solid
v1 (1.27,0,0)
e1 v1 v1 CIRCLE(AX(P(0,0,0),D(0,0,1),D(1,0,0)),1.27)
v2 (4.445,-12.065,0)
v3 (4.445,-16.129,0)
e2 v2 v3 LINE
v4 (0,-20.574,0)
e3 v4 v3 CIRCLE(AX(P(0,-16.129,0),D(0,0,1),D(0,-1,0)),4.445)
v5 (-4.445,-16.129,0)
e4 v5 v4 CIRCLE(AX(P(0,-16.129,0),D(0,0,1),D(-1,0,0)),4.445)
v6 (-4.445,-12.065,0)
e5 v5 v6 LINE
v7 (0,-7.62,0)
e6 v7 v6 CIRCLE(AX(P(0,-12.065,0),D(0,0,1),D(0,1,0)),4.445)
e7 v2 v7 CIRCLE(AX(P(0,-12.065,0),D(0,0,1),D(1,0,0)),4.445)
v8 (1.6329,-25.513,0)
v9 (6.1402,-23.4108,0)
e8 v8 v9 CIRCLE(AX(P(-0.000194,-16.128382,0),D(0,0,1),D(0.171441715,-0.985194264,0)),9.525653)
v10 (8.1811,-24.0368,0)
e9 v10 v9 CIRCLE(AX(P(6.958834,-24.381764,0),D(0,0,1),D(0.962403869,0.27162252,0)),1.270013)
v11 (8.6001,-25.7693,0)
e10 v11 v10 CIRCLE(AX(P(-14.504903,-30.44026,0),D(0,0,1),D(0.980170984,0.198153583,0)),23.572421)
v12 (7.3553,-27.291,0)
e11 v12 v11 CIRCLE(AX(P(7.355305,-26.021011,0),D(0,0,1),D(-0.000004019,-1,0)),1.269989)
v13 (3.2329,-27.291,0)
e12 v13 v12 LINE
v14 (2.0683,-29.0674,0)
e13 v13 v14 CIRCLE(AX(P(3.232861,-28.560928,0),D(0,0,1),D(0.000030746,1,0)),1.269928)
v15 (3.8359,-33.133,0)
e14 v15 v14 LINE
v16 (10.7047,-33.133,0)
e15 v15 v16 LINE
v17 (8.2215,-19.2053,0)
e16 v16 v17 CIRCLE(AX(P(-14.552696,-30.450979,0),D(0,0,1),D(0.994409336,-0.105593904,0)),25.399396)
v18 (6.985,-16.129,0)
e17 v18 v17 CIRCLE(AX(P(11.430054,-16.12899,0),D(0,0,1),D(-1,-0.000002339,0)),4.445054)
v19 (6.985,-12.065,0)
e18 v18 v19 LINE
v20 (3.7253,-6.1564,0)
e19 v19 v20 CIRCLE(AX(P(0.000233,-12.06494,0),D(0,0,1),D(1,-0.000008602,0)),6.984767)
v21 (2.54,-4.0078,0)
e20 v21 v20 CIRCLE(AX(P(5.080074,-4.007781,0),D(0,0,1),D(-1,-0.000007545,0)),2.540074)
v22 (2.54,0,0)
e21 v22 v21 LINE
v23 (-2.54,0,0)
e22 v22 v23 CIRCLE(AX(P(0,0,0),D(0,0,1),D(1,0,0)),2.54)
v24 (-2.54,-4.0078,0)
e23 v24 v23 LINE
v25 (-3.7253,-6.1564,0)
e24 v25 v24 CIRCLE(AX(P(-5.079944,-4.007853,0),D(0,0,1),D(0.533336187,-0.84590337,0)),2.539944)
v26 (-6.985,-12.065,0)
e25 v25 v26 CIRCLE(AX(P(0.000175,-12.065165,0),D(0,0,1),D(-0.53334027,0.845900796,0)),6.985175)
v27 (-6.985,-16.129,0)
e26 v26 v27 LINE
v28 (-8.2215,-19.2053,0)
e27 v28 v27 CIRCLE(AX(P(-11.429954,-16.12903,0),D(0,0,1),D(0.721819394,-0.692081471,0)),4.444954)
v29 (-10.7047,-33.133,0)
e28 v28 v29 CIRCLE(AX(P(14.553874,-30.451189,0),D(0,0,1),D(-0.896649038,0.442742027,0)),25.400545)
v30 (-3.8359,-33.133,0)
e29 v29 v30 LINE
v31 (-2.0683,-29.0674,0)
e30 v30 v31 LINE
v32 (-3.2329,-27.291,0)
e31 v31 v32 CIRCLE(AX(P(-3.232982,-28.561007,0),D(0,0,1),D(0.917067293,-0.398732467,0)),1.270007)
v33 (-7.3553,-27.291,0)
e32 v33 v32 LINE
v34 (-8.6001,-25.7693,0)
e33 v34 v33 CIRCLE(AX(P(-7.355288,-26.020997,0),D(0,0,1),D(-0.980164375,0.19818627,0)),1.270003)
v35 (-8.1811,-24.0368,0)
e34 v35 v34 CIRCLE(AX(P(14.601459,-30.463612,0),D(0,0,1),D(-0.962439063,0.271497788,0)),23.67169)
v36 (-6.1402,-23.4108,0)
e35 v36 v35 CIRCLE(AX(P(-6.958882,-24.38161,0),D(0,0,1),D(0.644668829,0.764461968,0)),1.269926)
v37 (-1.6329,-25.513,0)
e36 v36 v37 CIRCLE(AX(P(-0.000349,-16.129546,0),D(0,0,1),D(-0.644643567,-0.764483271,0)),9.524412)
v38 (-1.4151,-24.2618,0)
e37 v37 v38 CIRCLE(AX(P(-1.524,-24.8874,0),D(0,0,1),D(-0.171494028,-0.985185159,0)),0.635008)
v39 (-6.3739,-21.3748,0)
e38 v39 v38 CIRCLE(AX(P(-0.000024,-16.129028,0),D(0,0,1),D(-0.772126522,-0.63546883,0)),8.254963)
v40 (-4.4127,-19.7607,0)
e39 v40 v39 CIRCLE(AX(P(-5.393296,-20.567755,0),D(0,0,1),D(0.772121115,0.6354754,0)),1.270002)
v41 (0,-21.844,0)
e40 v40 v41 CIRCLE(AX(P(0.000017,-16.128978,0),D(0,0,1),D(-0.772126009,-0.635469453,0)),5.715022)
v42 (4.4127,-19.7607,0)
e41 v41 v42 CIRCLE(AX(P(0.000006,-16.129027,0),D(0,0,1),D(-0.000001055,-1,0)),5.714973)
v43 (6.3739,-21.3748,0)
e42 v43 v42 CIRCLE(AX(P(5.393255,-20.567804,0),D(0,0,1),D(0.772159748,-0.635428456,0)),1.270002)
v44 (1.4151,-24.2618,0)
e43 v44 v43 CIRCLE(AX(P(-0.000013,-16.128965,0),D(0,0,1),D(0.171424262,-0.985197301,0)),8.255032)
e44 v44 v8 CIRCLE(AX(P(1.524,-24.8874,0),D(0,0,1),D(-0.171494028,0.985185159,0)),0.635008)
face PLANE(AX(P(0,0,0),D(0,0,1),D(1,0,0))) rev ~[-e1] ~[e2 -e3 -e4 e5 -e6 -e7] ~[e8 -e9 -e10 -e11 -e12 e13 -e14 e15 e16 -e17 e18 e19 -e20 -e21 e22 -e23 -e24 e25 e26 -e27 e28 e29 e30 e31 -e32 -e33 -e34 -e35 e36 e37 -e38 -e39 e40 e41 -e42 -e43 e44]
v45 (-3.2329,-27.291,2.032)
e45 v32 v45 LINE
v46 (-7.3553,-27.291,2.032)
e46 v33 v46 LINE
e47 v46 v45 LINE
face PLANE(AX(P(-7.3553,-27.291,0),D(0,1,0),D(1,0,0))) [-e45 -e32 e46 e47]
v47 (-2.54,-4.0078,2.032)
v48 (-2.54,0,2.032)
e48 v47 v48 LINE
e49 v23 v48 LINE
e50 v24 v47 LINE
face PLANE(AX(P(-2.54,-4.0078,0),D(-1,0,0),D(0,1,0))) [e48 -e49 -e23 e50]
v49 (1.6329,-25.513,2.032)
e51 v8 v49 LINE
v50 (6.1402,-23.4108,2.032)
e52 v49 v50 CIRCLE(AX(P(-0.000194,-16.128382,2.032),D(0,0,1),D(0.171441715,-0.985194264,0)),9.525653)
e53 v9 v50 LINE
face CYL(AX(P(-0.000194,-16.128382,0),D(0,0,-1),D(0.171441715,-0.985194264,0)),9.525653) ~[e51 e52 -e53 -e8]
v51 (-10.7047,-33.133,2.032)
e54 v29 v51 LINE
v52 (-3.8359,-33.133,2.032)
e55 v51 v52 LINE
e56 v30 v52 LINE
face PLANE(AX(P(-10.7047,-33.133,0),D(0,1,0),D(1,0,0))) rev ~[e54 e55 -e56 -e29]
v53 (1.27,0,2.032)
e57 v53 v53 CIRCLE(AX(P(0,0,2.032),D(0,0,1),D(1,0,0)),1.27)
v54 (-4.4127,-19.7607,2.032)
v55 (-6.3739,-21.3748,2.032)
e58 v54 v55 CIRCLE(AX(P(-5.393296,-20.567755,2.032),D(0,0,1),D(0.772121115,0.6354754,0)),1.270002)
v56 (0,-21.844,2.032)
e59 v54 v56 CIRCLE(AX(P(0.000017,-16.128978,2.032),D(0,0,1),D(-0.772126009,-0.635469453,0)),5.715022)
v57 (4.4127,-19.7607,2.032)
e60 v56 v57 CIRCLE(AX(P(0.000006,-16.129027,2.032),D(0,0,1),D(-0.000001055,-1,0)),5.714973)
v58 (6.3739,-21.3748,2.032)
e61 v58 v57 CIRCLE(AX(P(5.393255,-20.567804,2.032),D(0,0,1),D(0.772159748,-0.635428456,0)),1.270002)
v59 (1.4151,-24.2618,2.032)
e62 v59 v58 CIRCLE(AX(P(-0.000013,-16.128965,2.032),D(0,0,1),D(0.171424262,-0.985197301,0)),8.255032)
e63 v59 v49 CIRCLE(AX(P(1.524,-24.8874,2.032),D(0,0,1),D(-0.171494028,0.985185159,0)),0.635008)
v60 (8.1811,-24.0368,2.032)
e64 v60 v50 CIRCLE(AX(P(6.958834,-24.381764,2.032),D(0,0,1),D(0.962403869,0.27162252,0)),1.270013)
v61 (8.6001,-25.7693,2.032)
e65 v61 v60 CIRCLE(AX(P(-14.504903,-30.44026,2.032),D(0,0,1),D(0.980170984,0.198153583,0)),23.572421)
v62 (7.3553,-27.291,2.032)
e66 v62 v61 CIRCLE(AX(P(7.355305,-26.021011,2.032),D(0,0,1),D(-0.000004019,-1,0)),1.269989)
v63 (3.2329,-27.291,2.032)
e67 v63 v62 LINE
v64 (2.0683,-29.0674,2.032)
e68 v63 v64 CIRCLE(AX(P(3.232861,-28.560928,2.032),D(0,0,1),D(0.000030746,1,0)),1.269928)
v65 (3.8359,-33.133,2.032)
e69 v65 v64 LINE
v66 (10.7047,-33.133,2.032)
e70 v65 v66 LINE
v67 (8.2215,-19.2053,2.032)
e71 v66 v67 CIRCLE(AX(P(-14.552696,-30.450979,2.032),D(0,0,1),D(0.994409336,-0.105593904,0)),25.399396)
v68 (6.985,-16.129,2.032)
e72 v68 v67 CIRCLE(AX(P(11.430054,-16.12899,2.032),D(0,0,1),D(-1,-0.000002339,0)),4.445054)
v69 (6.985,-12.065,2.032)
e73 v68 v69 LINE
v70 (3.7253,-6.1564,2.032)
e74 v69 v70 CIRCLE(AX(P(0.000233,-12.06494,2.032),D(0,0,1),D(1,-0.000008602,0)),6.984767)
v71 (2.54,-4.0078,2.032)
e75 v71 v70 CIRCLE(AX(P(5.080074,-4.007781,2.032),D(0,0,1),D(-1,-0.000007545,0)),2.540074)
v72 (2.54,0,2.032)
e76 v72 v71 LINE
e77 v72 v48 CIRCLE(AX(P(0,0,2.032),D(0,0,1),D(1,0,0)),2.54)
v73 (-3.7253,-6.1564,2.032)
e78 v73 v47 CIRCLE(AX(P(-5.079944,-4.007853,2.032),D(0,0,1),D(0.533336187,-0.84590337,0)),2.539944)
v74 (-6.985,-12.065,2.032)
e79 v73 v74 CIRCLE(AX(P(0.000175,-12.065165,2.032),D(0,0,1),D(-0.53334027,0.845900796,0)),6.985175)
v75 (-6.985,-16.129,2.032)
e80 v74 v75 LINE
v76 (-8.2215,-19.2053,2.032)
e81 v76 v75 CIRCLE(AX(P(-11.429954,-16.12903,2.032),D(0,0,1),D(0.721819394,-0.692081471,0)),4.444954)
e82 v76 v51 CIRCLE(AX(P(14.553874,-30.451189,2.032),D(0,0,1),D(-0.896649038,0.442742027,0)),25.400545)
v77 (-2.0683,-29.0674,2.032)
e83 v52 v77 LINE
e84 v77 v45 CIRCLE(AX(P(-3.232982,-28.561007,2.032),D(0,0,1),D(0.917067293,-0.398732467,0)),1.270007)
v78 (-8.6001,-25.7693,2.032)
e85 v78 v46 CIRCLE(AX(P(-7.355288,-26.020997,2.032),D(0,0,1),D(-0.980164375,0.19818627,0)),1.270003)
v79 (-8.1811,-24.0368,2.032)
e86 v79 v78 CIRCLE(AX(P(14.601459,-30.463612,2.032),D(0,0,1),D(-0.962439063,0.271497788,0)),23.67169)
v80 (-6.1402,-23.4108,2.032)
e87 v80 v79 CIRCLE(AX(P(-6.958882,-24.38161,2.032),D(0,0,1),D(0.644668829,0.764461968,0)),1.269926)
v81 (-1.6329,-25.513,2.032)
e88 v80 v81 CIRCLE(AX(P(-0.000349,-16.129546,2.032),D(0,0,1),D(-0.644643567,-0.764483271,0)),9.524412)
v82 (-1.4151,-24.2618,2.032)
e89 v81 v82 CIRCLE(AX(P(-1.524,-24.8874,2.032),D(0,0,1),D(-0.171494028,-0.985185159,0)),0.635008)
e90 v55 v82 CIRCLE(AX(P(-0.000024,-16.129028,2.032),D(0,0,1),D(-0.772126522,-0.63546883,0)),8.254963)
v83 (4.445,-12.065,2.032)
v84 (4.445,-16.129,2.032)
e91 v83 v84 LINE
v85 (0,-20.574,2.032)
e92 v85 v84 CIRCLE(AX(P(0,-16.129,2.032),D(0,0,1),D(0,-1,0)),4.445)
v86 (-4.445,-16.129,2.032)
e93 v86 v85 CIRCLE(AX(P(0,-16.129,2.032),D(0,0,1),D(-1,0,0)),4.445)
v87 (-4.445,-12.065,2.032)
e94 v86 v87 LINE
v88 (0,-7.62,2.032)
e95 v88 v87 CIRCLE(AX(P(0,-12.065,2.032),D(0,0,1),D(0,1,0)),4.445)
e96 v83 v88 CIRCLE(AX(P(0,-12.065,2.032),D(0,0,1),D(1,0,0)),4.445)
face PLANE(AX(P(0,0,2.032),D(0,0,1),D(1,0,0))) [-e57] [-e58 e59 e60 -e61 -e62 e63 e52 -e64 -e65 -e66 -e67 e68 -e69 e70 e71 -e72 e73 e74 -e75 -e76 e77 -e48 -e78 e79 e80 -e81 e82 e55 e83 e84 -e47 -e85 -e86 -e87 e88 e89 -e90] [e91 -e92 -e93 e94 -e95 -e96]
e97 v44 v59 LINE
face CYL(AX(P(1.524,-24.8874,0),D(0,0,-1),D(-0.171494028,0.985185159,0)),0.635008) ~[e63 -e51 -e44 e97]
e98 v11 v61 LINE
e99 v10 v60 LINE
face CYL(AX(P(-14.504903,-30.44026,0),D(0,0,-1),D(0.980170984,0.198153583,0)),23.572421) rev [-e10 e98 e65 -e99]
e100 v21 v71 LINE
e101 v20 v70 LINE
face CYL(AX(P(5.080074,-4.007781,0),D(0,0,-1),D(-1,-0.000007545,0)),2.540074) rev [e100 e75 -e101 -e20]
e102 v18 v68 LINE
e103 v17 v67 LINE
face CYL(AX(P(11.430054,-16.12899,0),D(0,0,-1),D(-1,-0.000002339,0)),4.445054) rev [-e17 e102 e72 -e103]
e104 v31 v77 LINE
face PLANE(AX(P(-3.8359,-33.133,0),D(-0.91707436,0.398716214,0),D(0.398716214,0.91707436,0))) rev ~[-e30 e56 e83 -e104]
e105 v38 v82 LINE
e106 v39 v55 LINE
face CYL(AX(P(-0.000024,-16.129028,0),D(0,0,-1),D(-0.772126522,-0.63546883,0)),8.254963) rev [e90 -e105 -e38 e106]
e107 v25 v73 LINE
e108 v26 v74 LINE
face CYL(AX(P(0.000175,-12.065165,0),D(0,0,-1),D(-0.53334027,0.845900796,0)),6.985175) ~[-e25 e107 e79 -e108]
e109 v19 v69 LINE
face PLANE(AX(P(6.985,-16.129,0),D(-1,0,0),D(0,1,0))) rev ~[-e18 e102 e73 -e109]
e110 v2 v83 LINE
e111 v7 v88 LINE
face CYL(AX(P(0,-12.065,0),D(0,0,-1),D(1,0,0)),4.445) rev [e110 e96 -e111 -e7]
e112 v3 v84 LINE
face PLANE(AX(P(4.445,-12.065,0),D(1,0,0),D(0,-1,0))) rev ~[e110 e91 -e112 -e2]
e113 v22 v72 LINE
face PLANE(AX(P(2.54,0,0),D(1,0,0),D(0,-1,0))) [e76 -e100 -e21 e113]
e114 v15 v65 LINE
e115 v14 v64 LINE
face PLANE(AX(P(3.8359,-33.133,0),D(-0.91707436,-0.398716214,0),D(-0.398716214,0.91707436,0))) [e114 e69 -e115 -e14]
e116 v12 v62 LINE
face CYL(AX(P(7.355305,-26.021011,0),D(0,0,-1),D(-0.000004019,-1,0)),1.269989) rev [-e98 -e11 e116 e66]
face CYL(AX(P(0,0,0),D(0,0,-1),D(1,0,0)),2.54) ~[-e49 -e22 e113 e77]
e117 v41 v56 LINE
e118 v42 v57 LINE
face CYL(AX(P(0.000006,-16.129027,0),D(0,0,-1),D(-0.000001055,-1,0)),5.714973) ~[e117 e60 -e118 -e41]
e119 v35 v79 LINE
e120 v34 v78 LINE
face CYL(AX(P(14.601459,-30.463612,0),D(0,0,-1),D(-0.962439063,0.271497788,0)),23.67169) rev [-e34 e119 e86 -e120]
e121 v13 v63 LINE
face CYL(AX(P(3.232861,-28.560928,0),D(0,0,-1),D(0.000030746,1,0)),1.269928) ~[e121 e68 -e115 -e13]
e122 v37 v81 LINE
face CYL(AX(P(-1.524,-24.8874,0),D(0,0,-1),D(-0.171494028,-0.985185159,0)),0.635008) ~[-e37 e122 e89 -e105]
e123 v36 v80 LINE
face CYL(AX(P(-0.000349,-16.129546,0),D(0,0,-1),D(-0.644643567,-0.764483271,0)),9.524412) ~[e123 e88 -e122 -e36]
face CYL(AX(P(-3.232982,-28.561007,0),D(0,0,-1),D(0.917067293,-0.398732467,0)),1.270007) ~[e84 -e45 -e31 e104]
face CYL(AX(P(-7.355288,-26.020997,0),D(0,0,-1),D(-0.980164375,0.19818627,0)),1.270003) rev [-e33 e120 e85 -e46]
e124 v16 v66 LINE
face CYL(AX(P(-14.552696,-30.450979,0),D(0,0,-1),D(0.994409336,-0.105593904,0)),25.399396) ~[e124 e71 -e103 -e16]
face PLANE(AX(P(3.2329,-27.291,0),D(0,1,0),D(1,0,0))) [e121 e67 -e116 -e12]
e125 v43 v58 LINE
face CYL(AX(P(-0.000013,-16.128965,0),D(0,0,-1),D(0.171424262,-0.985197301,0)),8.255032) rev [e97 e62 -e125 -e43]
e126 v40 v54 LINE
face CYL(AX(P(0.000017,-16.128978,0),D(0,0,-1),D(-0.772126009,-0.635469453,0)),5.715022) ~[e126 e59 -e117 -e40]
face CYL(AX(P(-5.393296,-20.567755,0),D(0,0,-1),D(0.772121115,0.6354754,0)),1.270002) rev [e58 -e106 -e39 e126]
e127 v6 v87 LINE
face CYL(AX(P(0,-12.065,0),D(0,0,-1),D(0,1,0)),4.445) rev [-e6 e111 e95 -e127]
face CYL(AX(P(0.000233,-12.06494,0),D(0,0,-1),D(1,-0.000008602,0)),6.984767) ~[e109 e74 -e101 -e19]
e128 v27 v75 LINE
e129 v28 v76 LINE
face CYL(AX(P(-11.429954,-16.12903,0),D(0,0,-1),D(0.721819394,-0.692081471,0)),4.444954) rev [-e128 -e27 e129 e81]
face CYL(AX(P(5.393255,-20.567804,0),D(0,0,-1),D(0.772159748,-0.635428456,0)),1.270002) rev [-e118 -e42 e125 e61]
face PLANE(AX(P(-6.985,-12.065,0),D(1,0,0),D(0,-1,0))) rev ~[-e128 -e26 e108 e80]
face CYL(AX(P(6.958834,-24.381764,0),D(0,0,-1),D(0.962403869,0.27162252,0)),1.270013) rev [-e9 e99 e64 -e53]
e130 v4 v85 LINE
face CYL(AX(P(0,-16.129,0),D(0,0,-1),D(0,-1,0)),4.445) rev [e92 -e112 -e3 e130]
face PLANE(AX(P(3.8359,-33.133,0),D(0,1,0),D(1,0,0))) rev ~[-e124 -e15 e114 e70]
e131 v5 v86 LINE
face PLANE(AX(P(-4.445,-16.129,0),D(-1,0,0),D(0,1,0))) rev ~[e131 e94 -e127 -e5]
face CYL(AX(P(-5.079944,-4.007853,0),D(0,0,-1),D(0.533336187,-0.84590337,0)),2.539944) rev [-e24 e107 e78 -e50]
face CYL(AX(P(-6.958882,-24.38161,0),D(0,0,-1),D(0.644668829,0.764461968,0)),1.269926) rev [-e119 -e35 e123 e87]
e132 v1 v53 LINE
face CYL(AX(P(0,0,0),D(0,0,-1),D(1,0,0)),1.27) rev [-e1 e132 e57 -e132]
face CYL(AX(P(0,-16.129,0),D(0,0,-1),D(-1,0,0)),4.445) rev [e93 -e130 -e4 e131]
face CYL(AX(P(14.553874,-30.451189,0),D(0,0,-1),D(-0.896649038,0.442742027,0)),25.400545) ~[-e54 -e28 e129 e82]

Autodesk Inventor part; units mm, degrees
ref_plane "YZ Plane" through (0, 0, 0) normal (1, 0, 0) x (0, 1, 0)
ref_plane "XZ Plane" through (0, 0, 0) normal (0, 1, 0) x (-1, 0, 0)
ref_plane "XY Plane" through (0, 0, 0) normal (0, 0, 1) x (1, 0, 0)
sketch "Sketch1" plane through (0, 0, 0) normal (0, 0, 1) x (1, 0, 0)
  circle A0 centre (0, 0) radius 1.27
  arc A1 (2.54, 0) -> (-2.54, 0) centre (0, 0) ccw
  line L0 (4.445, -12.065) -> (4.445, -16.129)
  line L1 (-4.445, -16.129) -> (-4.445, -12.065)
  arc A2 (-4.445, -16.129) -> (0, -20.574) centre (0, -16.129) ccw
  arc A3 (0, -20.574) -> (4.445, -16.129) centre (0, -16.129) ccw
  arc A4 (4.445, -12.065) -> (0, -7.62) centre (0, -12.065) ccw
  arc A5 (0, -7.62) -> (-4.445, -12.065) centre (0, -12.065) ccw
  arc A6 (-3.7253, -6.1564) -> (-6.985, -12.065) centre (0, -12.065) ccw
  line L2 (-6.985, -12.065) -> (-6.985, -16.129)
  line L3 (6.985, -16.129) -> (6.985, -12.065)
  arc A7 (6.985, -12.065) -> (3.7253, -6.1564) centre (0, -12.065) ccw
  line L4 (2.54, 0) -> (2.54, -4.0078)
  line L5 (-2.54, -4.0078) -> (-2.54, 0)
  arc A8 (-3.7253, -6.1564) -> (-2.54, -4.0078) centre (-5.08, -4.0078) ccw
  arc A9 (2.54, -4.0078) -> (3.7253, -6.1564) centre (5.08, -4.0078) ccw
  line L6 (0, 10.6389) -> (0, -34.9182) construction
  arc A10 (0, -21.844) -> (4.4127, -19.7607) centre (0, -16.129) ccw
  line L7 (5.715, -16.129) -> (5.715, -16.0811)
  arc A11 (-4.4127, -19.7607) -> (0, -21.844) centre (0, -16.129) ccw
  arc A12 (1.4151, -24.2618) -> (6.3739, -21.3748) centre (0, -16.129) ccw
  arc A13 (-6.3739, -21.3748) -> (-1.4151, -24.2618) centre (0, -16.129) ccw
  arc A14 (6.3739, -21.3748) -> (4.4127, -19.7607) centre (5.3933, -20.5678) ccw
  arc A15 (-4.4127, -19.7607) -> (-6.3739, -21.3748) centre (-5.3933, -20.5678) ccw
  arc A16 (-6.1402, -23.4108) -> (-1.6329, -25.513) centre (0, -16.129) ccw
  arc A17 (-1.6329, -25.513) -> (-1.4151, -24.2618) centre (-1.524, -24.8874) ccw
  arc A18 (1.4151, -24.2618) -> (1.6329, -25.513) centre (1.524, -24.8874) ccw
  arc A19 (-8.2215, -19.2053) -> (-6.985, -16.129) centre (-11.43, -16.129) ccw
  arc A20 (-8.2215, -19.2053) -> (-10.7047, -33.133) centre (14.5533, -30.451) ccw
  arc A21 (-8.1811, -24.0368) -> (-8.6001, -25.7693) centre (14.5533, -30.451) ccw
  arc A22 (6.985, -16.129) -> (8.2215, -19.2053) centre (11.43, -16.129) ccw
  arc A23 (10.7047, -33.133) -> (8.2215, -19.2053) centre (-14.5533, -30.451) ccw
  arc A24 (8.6001, -25.7693) -> (8.1811, -24.0368) centre (-14.5533, -30.451) ccw
  arc A25 (1.6329, -25.513) -> (6.1402, -23.4108) centre (0, -16.129) ccw
  line L8 (-3.8359, -33.133) -> (-2.0683, -29.0674)
  line L9 (3.8359, -33.133) -> (2.0683, -29.0674)
  line L10 (-7.3553, -27.291) -> (-3.2329, -27.291)
  line L11 (3.2329, -27.291) -> (7.3553, -27.291)
  line L12 (-10.7047, -33.133) -> (-3.8359, -33.133)
  line L13 (3.8359, -33.133) -> (10.7047, -33.133)
  arc A26 (-6.1402, -23.4108) -> (-8.1811, -24.0368) centre (-6.9589, -24.3817) ccw
  arc A27 (8.1811, -24.0368) -> (6.1402, -23.4108) centre (6.9589, -24.3817) ccw
  arc A28 (7.3553, -27.291) -> (8.6001, -25.7693) centre (7.3553, -26.021) ccw
  arc A29 (-8.6001, -25.7693) -> (-7.3553, -27.291) centre (-7.3553, -26.021) ccw
  arc A30 (-2.0683, -29.0674) -> (-3.2329, -27.291) centre (-3.2329, -28.561) ccw
  arc A31 (3.2329, -27.291) -> (2.0683, -29.0674) centre (3.2329, -28.561) ccw
  point P0 (4.445, -20.574)
  point P1 (4.445, -7.62)
  point P2 (-4.445, -20.574)
  point P3 (-2.54, -2.0039)
  point P4 (5.7149, -19.3392)
  point P5 (-5.7151, -19.3392)
  point P6 (-0.889, -24.8874)
  point P7 (0.889, -24.8874)
  point P8 (-10.7948, -28.8286)
  point P9 (10.7948, -28.8286)
  point P10 (-8.8563, -27.291)
  point P11 (8.8563, -27.291)
  point P12 (1.524, -25.5224)
  point P13 (-1.2959, -27.291)
  point P14 (1.2959, -27.291)
  point P15 (-4.4127, -19.7607)
  point P16 (0, -7.62)
  point P17 (0, -20.574)
  dimension "d0" = 2.54
  dimension "d1" = 1.27
  dimension "d2" = 8.89
  dimension "d3" = 12.954
  dimension "d4" = 4.445
  dimension "d5" = 2.54
  dimension "d8" = 2.54
  dimension "d10" = 4.0077
  dimension "d11" = 4.0077
  dimension "d13" = 1.27
  dimension "d14" = 2.54
  dimension "d15" = 11.43
  dimension "d18" = 1.27
  dimension "d19" = 1.778
  dimension "d27" = 1.778
  dimension "d33" = 2.54
  dimension "d34" = 5.842
  dimension "d37" = 1.27
  dimension "d38" = 1.27
  dimension "d39" = 1.27
extrude "Extrusion1" add sketch "Sketch1" along normal blind 2.032
properties part number "Back distributor" material "Phenolic Resin"
